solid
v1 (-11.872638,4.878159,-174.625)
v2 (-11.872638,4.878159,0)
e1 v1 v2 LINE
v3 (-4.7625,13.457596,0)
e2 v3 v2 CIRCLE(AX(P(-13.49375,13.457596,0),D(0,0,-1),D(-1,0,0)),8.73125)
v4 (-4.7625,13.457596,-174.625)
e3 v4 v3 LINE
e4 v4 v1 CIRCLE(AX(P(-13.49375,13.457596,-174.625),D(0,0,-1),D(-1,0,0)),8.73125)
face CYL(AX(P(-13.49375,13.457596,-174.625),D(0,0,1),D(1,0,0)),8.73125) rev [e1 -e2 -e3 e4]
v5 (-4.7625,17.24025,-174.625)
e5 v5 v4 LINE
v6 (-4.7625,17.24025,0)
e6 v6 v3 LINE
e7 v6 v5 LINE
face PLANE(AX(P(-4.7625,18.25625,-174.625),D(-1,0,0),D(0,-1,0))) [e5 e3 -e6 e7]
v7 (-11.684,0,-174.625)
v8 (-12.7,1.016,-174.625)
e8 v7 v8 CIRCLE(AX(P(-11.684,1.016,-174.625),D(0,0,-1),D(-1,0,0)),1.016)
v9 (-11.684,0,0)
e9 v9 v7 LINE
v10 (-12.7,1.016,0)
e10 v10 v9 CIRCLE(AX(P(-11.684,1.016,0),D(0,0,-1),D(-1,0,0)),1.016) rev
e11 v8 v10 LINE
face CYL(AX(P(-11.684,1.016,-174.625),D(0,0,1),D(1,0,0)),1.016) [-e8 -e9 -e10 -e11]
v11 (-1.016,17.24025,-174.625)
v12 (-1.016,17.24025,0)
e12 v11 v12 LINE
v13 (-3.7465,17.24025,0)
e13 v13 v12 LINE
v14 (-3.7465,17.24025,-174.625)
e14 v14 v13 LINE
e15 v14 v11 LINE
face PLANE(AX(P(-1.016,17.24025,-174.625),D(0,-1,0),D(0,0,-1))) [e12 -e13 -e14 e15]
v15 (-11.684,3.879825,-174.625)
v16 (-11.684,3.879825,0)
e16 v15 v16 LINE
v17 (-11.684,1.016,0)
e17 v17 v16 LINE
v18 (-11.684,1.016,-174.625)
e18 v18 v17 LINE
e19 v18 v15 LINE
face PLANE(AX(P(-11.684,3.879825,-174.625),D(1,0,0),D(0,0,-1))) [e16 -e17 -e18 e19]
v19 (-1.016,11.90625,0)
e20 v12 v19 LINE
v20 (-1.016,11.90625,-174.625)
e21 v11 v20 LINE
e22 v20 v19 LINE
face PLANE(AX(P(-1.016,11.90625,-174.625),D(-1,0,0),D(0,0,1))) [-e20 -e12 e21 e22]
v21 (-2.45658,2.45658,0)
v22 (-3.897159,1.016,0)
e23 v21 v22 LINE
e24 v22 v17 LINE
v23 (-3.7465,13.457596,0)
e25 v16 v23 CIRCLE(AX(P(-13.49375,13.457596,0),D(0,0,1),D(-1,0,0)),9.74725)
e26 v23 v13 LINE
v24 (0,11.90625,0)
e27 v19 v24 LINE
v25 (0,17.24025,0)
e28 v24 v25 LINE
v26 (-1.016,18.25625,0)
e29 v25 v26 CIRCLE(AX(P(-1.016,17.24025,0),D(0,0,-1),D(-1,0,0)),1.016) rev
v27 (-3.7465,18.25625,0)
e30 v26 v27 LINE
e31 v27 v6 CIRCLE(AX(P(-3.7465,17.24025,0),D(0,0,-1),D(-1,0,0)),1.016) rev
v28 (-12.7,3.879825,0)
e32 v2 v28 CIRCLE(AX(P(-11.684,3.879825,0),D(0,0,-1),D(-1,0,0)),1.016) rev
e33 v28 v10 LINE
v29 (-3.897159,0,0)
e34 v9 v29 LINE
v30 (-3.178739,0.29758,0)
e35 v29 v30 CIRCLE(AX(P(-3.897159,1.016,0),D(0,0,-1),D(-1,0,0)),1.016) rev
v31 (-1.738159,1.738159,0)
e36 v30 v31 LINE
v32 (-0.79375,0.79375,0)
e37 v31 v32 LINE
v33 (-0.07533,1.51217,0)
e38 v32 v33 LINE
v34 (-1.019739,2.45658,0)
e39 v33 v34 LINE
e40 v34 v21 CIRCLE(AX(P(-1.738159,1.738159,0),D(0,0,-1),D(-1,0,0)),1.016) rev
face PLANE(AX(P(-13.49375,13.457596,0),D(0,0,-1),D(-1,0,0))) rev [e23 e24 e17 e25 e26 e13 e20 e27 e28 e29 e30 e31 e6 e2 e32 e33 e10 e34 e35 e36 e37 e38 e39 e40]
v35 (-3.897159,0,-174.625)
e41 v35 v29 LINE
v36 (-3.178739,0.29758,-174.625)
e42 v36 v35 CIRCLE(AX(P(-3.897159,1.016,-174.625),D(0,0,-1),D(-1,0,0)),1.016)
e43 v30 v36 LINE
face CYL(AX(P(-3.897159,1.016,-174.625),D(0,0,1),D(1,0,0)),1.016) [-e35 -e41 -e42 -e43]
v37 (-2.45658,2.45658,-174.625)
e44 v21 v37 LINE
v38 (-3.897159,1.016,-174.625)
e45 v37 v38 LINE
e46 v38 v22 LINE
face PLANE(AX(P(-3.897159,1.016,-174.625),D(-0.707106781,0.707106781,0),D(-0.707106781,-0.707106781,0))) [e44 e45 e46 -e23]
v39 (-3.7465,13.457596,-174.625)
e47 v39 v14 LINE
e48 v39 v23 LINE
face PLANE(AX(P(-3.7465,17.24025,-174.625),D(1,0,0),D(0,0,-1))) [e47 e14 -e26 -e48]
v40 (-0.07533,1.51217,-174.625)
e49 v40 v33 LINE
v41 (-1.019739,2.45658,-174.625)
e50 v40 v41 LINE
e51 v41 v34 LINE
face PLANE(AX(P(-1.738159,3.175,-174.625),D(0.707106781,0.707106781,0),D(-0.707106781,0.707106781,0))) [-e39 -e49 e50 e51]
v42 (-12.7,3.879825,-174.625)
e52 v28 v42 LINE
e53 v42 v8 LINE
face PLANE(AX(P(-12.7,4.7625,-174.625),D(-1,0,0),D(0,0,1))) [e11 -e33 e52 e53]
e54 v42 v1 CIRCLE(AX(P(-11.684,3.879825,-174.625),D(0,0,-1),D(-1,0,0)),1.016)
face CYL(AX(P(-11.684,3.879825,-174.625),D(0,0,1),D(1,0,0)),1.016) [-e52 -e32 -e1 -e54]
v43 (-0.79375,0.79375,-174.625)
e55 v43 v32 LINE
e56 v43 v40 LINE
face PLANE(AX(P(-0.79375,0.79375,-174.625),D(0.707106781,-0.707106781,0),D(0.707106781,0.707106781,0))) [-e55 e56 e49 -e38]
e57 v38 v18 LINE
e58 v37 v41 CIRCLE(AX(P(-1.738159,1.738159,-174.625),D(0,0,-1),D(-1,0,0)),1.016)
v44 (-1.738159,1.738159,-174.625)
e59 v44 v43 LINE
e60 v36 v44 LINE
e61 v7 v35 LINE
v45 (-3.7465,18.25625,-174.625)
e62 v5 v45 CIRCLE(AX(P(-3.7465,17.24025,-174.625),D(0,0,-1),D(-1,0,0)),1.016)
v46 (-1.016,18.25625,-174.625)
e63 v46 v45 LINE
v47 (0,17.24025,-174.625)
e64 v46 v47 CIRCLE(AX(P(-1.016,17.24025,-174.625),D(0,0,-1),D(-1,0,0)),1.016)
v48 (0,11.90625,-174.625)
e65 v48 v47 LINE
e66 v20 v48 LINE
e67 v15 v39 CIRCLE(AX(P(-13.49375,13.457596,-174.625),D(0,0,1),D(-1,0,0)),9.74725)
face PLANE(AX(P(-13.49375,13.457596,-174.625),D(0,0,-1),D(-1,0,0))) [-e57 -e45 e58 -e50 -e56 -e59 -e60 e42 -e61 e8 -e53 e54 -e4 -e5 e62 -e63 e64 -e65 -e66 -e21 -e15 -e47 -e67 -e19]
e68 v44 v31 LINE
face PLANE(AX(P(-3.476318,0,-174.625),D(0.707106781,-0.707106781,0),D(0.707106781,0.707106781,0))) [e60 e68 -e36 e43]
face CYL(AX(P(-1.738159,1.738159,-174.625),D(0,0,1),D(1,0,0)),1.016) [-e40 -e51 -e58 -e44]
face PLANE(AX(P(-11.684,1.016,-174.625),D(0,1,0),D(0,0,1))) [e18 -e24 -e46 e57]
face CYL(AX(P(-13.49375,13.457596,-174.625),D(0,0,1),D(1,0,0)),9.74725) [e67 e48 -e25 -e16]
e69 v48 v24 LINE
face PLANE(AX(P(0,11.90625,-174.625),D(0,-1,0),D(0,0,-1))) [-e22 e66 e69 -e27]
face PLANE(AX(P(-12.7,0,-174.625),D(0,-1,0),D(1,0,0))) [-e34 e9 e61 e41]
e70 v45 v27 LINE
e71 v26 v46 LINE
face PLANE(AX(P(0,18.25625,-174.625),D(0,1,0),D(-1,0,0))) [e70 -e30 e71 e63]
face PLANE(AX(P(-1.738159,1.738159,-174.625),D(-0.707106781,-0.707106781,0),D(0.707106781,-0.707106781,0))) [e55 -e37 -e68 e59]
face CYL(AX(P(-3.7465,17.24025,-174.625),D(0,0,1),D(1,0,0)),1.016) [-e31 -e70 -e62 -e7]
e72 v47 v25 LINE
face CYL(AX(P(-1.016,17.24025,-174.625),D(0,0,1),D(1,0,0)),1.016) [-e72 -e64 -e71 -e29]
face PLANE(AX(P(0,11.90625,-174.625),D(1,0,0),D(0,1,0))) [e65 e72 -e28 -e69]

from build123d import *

# Parameters (mm, degrees)
BOSS_EXTRUDE1_DEPTH = 174.625
FILLET1_R           = 1.016


with BuildPart() as part:
    # Sketch1 → Boss-Extrude1 (new body)
    with BuildSketch(Plane.XY):
        with BuildLine():
            Line((0, 11.90625), (0, 18.25625))
            Line((0, 18.25625), (-4.7625, 18.25625))
            Line((-4.7625, 18.25625), (-4.7625, 13.4575956))
            ThreePointArc((-4.7625, 13.4575956), (-7.045294516, 7.570988051), (-12.7, 4.7625))
            Line((-12.7, 4.7625), (-12.7, 0))
            Line((-12.7, 0), (-3.476318041, 0))
            Line((-3.476318041, 0), (-1.738159021, 1.738159021))
            Line((-1.738159021, 1.738159021), (-0.79375, 0.79375))
            Line((-0.79375, 0.79375), (-0.07532951, 1.51217049))
            Line((-0.07532951, 1.51217049), (-1.738159021, 3.175))
            Line((-1.738159021, 3.175), (-3.897159021, 1.016))
            Line((-3.897159021, 1.016), (-11.684, 1.016))
            Line((-11.684, 1.016), (-11.684, 3.879825113))
            ThreePointArc((-11.684, 3.879825113), (-5.988786034, 7.237917278), (-3.7465, 13.4575956))
            Line((-3.7465, 13.4575956), (-3.7465, 17.24025))
            Line((-3.7465, 17.24025), (-1.016, 17.24025))
            Line((-1.016, 17.24025), (-1.016, 11.90625))
            Line((-1.016, 11.90625), (0, 11.90625))
        make_face()
    extrude(amount=-BOSS_EXTRUDE1_DEPTH)

    # Fillet1
    fillet1_edges = [part.edges().sort_by_distance(p)[0] for p in [
        (-1.738159021, 3.175, -87.3125),
        (-3.476318041, 0, -87.3125),
        (-12.7, 0, -87.3125),
        (-12.7, 4.7625, -87.3125),
        (-4.7625, 18.25625, -87.3125),
        (0, 18.25625, -87.3125),
    ]]
    fillet(fillet1_edges, radius=FILLET1_R)


solid = part.part
